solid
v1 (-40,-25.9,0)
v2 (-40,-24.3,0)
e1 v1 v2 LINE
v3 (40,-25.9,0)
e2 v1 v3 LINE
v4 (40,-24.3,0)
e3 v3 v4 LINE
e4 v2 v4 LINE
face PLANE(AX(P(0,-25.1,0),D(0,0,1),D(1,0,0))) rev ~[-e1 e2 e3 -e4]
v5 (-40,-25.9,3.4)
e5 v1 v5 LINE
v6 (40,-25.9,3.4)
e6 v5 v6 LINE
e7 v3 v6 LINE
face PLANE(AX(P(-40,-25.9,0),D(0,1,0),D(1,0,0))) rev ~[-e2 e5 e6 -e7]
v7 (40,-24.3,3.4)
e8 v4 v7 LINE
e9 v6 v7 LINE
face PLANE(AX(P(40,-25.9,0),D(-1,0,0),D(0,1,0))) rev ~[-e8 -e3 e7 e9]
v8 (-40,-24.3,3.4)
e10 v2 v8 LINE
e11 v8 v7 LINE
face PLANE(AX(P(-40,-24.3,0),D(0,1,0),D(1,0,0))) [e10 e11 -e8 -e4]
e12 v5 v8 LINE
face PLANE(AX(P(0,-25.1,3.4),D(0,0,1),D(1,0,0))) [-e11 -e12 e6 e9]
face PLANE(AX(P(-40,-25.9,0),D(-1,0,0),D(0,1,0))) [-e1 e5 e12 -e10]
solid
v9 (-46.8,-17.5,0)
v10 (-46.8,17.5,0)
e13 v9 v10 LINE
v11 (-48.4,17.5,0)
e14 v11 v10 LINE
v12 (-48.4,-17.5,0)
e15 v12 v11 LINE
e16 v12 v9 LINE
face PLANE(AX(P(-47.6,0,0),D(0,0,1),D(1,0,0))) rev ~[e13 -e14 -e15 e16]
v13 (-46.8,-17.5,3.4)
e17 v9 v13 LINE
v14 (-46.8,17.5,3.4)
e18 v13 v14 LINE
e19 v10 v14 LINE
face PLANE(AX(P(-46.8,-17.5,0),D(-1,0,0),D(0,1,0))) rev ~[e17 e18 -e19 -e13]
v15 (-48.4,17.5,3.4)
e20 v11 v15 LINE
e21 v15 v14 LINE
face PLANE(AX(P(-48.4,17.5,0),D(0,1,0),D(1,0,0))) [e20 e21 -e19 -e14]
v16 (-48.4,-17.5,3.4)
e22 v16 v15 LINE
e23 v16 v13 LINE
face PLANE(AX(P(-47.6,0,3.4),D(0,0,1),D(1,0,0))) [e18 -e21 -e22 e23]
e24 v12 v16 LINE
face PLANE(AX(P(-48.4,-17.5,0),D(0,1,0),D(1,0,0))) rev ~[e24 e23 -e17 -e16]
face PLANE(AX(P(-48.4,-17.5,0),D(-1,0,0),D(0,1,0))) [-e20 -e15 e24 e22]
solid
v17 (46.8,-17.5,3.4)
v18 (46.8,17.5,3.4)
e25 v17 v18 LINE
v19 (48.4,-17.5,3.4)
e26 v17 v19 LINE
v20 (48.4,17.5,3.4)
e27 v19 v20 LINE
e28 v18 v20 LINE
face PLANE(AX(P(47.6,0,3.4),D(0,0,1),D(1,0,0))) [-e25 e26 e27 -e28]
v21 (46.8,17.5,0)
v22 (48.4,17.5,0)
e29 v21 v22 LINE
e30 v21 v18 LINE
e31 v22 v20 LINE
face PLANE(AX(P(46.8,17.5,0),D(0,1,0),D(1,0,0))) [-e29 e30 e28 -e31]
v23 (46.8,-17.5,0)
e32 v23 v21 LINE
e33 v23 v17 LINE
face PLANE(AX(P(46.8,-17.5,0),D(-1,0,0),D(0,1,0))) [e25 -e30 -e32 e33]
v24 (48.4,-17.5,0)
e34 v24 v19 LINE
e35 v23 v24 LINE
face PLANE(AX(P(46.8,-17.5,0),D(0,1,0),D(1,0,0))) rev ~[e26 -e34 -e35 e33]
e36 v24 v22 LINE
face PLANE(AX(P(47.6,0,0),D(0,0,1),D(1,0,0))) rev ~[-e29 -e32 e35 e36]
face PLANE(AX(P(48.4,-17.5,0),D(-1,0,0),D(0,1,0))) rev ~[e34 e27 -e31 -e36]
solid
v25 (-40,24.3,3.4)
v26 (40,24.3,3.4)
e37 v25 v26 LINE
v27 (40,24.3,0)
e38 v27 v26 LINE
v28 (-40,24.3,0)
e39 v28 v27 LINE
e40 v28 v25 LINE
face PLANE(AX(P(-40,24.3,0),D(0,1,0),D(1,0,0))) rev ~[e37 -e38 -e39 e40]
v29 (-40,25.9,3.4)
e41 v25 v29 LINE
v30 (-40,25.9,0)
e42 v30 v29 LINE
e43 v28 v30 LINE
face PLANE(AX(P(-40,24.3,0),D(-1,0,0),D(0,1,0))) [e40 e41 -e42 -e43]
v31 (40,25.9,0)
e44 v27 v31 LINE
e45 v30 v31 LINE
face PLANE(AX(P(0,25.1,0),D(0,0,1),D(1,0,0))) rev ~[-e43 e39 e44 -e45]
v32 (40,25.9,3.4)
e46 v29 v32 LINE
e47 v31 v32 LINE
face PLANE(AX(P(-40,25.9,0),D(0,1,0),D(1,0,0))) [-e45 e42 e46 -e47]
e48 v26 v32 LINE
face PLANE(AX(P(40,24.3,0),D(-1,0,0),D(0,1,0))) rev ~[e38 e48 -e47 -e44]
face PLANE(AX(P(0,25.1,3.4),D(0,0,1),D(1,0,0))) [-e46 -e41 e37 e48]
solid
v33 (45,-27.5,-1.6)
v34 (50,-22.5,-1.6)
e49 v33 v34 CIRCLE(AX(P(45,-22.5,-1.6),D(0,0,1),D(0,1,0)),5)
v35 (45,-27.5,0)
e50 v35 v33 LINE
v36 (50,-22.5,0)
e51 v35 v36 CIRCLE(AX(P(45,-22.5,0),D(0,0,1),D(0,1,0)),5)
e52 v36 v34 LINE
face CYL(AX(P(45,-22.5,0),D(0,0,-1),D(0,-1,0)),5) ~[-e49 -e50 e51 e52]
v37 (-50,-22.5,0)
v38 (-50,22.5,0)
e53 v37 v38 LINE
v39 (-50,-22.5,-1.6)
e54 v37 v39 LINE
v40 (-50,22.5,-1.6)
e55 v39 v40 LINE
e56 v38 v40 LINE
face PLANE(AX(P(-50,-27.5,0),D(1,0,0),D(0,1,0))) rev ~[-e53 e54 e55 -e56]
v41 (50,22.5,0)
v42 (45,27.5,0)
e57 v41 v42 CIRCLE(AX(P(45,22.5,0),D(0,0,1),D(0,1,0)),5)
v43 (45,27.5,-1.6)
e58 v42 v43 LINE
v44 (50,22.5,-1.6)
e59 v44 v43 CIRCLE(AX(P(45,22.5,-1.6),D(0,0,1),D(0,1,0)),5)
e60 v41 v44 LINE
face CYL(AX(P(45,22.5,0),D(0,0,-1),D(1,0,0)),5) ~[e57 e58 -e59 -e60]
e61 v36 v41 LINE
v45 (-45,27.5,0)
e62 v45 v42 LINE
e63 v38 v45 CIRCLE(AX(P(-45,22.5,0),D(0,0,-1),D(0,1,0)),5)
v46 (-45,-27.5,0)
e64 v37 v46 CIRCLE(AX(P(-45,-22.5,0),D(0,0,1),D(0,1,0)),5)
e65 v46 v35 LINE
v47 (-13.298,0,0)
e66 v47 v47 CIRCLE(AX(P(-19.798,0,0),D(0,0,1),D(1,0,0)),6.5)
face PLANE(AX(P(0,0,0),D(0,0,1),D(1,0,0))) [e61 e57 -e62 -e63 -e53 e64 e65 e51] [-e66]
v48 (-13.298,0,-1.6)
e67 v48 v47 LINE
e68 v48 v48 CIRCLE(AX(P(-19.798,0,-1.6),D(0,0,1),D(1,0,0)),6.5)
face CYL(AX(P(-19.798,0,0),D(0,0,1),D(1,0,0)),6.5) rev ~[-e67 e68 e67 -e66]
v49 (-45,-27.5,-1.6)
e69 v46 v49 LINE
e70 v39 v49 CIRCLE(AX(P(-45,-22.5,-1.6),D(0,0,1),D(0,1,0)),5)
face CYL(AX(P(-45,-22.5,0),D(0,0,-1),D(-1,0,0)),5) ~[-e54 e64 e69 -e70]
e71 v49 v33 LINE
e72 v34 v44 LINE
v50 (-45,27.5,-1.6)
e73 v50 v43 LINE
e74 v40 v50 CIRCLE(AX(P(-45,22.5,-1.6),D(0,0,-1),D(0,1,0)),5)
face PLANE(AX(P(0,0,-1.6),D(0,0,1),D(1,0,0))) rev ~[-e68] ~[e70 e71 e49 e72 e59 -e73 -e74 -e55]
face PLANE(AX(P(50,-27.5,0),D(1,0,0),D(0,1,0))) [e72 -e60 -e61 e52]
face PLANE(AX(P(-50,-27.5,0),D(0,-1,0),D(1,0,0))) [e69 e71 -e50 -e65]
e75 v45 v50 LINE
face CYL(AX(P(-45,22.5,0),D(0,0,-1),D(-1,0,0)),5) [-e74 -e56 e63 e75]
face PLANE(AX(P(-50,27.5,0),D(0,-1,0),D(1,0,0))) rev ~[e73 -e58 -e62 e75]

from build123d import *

# Parameters (mm, degrees)
F0_W     = 1.6
F0_H     = 35
F0_W_2   = 80
F0_H_2   = 1.6
F1_DEPTH = 3.4
F2_W     = 100
F2_H     = 55
F3_DEPTH = 1.6
F4_R     = 5
F5_R     = 6.5
F6_DEPTH = 2.5


with BuildPart() as f1:
    # F0 (on Top) → F1 (new body)
    with BuildSketch(Plane.XY):
        with Locations((47.6, 0)):
            Rectangle(F0_W, F0_H)
        with Locations((0, -25.1)):
            Rectangle(F0_W_2, F0_H_2)
        with Locations((0, 25.1)):
            Rectangle(F0_W_2, F0_H_2)
        with Locations((-47.6, 0)):
            Rectangle(F0_W, F0_H)
    extrude(amount=F1_DEPTH)


with BuildPart() as f3:
    # F2 (on Top) → F3 (new body)
    with BuildSketch(Plane.XY):
        Rectangle(F2_W, F2_H)
    extrude(amount=-F3_DEPTH)

    # F4
    f4_edges = [f3.edges().sort_by_distance(p)[0] for p in [
        (-50, -27.5, -0.8),
        (50, -27.5, -0.8),
        (50, 27.5, -0.8),
        (-50, 27.5, -0.8),
    ]]
    fillet(f4_edges, radius=F4_R)

    # F5 (on face) → F6 (cut, symmetric)
    with BuildSketch(Plane.XY):
        with Locations((-19.798, 0)):
            Circle(F5_R)
    extrude(amount=F6_DEPTH, both=True, mode=Mode.SUBTRACT)


solid = Compound([f1.part, f3.part])
